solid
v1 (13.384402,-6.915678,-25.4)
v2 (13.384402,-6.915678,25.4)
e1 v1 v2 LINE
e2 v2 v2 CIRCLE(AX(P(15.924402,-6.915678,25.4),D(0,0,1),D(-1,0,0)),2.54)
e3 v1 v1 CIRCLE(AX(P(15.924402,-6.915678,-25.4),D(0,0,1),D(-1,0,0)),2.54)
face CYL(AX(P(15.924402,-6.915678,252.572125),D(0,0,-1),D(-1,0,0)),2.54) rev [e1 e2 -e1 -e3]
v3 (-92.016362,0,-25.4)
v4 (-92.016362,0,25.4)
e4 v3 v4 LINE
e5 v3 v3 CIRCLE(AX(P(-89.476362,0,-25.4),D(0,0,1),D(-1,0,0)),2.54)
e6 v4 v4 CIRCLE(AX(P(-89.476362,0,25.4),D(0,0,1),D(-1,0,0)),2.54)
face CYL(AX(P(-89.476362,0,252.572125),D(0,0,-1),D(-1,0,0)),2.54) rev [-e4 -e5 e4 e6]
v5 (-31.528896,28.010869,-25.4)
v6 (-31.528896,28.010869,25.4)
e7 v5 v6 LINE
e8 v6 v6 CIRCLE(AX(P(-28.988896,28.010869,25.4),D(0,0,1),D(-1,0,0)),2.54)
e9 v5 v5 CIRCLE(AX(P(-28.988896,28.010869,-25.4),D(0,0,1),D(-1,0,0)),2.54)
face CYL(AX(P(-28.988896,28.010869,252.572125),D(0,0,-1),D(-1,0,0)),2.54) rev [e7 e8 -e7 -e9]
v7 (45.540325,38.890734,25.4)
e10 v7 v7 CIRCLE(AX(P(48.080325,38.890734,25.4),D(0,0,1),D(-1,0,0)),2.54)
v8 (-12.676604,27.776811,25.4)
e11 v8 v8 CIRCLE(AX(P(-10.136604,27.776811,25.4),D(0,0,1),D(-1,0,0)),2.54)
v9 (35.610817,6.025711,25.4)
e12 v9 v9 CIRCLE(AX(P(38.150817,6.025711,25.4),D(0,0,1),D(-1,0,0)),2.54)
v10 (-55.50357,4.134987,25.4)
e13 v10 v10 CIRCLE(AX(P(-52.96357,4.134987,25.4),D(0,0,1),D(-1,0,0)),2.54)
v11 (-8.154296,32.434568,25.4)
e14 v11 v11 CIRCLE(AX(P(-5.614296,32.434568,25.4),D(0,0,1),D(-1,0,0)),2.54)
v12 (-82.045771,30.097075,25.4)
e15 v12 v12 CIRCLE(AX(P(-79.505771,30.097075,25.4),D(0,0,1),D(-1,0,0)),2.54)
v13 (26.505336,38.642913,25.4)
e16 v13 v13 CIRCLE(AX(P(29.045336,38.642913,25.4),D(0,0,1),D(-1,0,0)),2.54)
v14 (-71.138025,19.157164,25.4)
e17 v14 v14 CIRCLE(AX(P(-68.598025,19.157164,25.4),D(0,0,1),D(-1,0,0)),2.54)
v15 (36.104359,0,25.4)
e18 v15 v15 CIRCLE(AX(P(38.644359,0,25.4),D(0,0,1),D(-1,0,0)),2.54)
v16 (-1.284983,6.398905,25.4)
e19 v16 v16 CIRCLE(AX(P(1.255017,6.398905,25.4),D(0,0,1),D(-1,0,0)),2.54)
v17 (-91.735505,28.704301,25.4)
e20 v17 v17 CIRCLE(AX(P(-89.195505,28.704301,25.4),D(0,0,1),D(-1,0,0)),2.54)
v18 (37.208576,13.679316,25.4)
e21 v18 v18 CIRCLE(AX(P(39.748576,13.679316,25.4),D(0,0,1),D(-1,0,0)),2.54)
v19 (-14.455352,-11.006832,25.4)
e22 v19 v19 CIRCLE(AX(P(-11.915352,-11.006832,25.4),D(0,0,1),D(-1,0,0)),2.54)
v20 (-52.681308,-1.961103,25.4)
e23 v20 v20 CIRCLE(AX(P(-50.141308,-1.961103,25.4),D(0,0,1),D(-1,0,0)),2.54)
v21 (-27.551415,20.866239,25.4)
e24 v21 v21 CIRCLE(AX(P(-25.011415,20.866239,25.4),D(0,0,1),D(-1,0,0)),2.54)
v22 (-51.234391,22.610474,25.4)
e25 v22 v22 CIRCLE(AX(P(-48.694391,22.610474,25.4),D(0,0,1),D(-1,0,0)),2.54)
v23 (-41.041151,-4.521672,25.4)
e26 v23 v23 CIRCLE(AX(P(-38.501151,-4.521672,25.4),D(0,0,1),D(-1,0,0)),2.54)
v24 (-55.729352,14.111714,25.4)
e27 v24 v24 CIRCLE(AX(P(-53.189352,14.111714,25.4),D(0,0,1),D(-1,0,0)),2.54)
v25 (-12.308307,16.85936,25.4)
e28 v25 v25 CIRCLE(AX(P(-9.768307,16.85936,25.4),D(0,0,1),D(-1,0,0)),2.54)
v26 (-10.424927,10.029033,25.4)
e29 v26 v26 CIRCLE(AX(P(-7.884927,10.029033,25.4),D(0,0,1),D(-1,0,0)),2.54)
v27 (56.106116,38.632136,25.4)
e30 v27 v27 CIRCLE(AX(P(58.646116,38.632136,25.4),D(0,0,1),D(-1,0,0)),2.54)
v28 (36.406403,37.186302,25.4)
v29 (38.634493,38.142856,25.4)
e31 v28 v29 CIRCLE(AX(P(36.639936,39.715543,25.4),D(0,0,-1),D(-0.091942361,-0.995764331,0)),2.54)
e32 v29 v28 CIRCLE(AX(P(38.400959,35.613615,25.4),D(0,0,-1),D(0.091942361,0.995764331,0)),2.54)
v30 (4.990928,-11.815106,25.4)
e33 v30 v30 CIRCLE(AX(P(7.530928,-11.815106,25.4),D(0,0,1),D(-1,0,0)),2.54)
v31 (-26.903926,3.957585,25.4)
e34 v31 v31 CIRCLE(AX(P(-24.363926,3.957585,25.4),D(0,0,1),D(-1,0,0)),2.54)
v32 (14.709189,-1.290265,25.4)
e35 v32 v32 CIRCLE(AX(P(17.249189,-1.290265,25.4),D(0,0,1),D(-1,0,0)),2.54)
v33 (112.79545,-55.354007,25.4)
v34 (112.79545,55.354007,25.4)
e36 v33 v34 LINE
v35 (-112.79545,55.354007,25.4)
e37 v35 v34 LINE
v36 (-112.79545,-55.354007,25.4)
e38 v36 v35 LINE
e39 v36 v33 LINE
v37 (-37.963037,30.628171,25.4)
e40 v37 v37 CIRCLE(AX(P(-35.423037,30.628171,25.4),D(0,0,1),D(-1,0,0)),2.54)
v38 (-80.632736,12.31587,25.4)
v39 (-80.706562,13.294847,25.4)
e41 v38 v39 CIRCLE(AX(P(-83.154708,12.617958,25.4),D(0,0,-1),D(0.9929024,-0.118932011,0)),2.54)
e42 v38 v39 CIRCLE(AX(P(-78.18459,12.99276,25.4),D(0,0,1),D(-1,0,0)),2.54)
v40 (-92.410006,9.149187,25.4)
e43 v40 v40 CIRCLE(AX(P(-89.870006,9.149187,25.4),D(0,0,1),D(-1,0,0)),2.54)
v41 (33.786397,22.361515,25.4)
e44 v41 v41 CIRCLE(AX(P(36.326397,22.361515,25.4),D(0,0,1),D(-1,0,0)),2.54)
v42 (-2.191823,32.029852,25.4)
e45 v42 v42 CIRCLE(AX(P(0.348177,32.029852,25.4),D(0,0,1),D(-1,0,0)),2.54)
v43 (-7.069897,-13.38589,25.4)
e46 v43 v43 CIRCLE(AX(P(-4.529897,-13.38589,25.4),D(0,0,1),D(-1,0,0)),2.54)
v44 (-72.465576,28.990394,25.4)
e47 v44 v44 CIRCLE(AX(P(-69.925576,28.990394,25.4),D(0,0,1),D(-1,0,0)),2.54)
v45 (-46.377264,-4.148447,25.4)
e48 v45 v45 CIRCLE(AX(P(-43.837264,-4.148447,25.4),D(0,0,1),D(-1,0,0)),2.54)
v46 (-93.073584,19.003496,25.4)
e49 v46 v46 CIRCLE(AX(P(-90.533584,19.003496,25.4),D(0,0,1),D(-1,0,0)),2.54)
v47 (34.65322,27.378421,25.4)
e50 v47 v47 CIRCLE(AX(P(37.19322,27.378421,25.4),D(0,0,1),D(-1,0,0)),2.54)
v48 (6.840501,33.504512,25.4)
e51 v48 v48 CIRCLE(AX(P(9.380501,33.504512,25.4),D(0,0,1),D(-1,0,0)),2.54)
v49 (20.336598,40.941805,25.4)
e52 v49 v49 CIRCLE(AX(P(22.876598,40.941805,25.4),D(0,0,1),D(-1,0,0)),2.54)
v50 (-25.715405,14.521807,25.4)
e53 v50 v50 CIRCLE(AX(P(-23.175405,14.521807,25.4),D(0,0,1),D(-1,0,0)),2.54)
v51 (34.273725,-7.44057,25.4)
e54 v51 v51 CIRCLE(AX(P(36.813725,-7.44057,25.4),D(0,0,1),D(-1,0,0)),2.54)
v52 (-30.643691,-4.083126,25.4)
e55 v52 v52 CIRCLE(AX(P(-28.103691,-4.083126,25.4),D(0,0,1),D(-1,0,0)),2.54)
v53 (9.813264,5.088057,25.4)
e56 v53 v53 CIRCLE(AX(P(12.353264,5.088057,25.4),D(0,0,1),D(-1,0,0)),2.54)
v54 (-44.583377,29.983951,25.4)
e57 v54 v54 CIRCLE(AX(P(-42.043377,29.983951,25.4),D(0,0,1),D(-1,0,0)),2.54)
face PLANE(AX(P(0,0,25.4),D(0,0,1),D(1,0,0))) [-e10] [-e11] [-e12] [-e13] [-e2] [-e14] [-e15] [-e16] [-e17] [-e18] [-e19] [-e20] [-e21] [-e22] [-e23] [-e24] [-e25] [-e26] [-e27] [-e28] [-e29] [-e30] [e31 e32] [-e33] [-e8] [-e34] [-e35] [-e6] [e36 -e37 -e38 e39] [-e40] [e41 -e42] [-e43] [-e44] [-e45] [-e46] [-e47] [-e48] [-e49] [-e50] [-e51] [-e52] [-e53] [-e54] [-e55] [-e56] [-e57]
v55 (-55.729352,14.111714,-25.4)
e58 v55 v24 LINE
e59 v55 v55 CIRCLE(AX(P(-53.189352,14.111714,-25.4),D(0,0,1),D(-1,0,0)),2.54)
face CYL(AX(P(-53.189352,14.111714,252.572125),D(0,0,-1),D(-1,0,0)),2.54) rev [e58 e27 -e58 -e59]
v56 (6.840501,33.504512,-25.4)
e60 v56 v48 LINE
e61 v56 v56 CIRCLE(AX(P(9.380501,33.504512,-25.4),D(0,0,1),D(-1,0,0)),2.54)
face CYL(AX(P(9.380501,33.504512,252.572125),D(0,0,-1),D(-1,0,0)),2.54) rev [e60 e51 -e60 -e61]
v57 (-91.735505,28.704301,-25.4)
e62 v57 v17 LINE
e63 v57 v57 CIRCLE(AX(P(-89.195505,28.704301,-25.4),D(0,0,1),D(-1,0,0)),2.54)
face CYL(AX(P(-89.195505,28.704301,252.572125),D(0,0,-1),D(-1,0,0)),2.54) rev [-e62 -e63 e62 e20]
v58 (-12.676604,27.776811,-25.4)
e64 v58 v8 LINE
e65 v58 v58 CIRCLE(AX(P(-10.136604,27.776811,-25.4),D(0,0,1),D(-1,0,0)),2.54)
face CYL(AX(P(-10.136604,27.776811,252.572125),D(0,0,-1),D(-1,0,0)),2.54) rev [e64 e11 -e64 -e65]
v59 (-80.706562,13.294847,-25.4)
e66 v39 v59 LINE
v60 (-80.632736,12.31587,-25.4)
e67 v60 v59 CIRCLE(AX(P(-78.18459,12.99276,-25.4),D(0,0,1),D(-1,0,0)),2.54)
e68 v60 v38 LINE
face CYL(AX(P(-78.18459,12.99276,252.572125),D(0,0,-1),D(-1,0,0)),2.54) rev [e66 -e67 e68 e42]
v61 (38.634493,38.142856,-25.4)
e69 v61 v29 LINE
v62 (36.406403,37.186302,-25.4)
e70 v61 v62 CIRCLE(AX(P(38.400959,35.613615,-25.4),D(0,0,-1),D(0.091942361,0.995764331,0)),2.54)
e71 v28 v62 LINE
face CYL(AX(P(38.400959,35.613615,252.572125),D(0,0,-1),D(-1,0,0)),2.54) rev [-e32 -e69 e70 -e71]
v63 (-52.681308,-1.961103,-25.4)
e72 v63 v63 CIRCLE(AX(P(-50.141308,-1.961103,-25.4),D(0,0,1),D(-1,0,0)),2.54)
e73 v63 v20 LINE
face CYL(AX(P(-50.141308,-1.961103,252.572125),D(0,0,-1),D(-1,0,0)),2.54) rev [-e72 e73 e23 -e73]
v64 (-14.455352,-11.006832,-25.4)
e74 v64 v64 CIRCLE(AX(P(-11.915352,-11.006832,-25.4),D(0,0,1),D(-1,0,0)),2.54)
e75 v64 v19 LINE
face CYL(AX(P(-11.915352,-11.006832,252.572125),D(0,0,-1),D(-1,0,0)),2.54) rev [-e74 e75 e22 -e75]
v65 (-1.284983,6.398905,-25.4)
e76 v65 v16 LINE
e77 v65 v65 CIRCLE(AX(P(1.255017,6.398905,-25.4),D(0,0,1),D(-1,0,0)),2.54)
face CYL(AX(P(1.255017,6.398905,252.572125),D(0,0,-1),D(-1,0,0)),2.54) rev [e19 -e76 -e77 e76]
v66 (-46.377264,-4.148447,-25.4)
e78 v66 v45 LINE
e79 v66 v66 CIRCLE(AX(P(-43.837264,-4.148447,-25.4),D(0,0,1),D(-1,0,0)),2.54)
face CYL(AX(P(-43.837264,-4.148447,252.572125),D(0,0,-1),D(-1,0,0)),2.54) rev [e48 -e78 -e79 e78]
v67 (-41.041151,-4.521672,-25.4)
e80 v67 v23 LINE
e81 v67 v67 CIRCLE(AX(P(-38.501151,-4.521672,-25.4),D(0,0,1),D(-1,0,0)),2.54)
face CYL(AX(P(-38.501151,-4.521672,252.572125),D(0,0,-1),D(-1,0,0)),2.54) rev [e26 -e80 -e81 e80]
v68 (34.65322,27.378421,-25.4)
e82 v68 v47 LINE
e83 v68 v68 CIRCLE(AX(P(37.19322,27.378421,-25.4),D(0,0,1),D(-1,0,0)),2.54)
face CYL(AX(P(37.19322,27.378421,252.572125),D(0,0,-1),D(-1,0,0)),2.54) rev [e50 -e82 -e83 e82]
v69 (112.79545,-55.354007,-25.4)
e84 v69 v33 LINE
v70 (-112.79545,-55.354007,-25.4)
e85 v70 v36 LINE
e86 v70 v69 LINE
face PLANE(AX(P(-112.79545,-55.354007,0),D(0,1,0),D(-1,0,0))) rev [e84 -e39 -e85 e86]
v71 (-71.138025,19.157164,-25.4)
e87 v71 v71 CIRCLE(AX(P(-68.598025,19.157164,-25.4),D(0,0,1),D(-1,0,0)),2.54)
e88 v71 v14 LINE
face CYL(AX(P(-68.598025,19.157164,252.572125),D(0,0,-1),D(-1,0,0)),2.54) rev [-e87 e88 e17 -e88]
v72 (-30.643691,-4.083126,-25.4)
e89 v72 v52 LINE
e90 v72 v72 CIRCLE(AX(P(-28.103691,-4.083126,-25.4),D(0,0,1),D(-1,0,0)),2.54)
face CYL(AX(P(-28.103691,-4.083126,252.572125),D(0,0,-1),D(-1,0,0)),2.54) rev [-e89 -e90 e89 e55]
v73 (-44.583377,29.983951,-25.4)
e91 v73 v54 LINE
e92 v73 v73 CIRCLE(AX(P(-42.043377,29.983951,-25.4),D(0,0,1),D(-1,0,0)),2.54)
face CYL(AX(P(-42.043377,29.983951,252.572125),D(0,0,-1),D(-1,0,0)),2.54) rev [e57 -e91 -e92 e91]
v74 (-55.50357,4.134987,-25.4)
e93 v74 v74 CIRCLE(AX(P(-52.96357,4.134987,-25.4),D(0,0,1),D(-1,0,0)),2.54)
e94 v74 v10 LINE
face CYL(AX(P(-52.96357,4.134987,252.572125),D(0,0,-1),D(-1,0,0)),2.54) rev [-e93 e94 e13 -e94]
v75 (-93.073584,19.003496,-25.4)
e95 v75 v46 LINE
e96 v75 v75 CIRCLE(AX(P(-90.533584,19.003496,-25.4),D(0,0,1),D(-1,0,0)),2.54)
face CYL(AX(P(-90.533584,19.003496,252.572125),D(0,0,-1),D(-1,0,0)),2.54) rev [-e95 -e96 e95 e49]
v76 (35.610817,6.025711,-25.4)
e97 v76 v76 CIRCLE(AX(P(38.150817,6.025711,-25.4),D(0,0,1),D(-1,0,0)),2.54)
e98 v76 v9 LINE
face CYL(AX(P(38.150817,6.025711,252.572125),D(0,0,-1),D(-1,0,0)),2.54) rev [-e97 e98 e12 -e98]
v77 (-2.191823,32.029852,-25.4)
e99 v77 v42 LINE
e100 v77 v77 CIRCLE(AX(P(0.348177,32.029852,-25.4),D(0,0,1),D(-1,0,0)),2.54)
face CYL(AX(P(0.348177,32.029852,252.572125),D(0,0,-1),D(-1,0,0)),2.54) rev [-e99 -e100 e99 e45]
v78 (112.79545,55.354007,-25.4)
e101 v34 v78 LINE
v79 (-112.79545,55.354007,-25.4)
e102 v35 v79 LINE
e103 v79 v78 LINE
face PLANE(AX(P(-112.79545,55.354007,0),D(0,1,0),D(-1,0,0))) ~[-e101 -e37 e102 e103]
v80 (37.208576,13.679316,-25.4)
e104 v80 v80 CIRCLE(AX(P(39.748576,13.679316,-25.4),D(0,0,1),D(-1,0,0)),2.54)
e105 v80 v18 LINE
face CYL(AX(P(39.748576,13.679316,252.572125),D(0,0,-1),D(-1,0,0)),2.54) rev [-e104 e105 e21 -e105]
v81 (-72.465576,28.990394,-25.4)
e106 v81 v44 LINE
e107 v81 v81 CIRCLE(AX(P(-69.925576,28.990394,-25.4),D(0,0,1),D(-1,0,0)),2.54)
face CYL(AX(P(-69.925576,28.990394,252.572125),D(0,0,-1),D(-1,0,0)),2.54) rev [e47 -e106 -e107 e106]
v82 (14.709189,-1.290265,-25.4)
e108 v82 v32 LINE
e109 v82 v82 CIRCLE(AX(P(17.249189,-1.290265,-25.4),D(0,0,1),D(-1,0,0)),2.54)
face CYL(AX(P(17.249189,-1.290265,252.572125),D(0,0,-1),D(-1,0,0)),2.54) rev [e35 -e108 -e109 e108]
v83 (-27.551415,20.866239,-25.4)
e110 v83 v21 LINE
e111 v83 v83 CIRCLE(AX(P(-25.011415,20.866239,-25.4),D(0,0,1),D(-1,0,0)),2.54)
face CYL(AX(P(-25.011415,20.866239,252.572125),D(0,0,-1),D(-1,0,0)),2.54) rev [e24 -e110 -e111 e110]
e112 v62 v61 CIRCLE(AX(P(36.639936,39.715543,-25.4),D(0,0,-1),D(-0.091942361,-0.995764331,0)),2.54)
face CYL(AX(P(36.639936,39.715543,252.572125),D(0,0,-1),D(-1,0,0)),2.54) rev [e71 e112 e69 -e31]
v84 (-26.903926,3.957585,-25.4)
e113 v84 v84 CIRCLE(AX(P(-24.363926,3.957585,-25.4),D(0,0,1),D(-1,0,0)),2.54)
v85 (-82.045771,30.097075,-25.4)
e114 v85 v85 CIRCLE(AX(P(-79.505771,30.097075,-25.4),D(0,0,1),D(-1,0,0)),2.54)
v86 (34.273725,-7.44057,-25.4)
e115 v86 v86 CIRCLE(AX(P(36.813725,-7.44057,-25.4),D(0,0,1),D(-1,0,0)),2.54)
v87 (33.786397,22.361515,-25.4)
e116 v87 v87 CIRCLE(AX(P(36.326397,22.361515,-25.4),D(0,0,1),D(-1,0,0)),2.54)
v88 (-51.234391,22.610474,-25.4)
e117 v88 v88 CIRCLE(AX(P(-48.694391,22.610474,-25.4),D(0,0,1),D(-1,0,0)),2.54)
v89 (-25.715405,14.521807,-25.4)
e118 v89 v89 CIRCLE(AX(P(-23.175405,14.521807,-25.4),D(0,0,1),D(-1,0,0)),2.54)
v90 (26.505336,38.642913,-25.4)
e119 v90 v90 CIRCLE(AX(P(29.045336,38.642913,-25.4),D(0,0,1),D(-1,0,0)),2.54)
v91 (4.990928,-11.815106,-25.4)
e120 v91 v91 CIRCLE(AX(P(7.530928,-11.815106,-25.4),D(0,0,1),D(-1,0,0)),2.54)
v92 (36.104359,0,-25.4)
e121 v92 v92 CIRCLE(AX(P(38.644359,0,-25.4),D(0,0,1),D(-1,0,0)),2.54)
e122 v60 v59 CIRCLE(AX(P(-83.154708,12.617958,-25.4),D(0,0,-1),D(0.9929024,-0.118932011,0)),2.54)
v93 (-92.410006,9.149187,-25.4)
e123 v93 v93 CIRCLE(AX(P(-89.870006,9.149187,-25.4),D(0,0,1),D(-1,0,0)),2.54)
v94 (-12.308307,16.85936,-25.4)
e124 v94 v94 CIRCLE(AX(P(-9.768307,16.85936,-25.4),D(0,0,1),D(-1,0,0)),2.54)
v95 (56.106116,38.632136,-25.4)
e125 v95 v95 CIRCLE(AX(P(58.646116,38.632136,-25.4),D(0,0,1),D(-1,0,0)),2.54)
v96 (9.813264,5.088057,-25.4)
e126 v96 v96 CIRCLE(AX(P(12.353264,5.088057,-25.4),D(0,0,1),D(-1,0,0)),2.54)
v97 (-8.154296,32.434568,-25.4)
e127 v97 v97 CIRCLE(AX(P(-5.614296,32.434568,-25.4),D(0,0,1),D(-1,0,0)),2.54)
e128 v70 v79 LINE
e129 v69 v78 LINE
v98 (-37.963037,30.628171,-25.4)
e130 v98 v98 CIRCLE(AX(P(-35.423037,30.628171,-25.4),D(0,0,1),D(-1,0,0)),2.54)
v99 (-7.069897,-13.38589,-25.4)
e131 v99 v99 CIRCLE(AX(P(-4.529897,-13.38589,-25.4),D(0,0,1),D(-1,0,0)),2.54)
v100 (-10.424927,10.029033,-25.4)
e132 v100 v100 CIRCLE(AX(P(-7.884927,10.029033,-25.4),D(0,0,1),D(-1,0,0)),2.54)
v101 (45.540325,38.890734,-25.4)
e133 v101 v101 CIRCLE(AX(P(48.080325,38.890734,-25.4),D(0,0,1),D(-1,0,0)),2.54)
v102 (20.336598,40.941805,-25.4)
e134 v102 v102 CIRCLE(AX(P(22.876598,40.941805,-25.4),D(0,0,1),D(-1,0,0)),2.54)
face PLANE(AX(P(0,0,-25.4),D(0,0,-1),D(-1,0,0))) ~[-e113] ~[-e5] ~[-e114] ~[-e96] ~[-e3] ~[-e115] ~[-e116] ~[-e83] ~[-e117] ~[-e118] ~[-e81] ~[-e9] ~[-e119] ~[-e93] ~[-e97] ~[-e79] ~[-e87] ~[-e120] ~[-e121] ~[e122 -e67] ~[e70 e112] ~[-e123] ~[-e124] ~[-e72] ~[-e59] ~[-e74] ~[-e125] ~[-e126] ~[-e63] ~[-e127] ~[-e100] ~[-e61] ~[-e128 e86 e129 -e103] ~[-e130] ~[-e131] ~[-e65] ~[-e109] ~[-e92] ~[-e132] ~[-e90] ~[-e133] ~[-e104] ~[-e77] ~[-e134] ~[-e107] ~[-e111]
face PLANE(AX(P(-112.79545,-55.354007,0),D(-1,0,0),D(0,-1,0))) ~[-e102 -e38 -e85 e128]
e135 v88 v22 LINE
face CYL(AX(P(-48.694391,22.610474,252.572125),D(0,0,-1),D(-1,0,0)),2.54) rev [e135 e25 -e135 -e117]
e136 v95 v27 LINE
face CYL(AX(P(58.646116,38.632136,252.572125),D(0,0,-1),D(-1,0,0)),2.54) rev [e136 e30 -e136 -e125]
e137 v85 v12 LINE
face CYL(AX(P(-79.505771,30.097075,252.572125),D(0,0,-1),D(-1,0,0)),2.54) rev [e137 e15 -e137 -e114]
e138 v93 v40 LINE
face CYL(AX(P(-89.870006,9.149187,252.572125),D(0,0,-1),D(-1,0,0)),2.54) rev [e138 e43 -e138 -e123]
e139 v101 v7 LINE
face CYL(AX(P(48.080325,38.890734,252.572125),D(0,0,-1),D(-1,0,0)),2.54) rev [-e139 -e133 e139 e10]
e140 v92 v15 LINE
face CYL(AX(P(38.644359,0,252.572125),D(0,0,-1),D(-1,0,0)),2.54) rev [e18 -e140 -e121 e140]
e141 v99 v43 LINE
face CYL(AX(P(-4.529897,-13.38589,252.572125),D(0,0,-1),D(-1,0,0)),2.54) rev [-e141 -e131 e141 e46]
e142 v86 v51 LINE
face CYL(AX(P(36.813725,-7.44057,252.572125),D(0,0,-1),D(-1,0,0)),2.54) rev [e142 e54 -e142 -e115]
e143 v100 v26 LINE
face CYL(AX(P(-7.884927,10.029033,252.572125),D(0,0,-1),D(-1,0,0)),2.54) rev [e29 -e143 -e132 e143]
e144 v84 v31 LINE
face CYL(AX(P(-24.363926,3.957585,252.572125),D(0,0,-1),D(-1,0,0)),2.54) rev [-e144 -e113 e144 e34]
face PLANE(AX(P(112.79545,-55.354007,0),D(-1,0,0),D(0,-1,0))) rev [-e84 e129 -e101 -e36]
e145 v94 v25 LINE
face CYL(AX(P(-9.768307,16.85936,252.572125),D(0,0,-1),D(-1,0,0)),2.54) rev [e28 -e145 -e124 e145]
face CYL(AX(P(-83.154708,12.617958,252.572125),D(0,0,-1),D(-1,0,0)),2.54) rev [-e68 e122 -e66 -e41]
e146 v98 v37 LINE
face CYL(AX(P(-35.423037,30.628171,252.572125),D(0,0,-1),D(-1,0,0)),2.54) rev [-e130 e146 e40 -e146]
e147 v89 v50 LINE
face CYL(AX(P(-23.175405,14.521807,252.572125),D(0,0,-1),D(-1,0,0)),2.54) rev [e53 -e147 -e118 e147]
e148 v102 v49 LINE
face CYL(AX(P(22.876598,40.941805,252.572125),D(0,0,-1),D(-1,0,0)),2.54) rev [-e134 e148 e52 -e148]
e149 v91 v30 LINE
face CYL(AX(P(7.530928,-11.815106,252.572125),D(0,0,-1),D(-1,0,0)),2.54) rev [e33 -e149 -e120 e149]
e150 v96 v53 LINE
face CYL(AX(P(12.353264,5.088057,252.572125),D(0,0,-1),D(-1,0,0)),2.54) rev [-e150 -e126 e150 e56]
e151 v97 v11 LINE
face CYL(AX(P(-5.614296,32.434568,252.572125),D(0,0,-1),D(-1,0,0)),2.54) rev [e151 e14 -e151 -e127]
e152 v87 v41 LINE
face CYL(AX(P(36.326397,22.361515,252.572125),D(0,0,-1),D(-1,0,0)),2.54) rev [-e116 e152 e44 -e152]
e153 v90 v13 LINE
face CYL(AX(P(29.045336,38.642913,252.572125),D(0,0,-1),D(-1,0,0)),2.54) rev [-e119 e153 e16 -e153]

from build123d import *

# Parameters (mm, degrees)
F0_W       = 225.5908995867
F0_H       = 110.7080131769
F1_DEPTH   = 25.4
F4_D       = 5.08
F4_ON_F3_D = 5.08


with BuildPart() as f1:
    # F0 (on Top) → F1 (new body)
    with BuildSketch(Plane.XY):
        Rectangle(F0_W, F0_H)
    extrude(amount=F1_DEPTH)

    # F4 (through all)
    with Locations(Plane(origin=(0, 0, 0), x_dir=(1, 0, 0), z_dir=(0, 0, -1))):
        with Locations((-89.1955047846, -28.7043005228), (-79.5057713985, -30.0970748067), (-69.9255764484, -28.9903935045), (-68.5980245471, -19.1571637988), (-78.1845897436, -12.9927601665), (-83.154708147, -12.6179577783), (-90.5335843563, -19.003495574), (-89.870005846, -9.1491872445), (-89.4763618708, 0), (-35.4230366647, -30.6281708181), (-42.043376714, -29.9839507788), (-48.6943908036, -22.6104743779), (-53.1893521547, -14.1117144376), (-52.9635697603, -4.1349874809), (-50.1413084567, 1.9611027092), (-28.1036905944, 4.083125852), (-24.3639256805, -3.957584966), (-38.5011509061, 4.5216716826), (-43.8372641802, 4.1484474204), (1.2550167739, -6.3989050686), (-11.9153521955, 11.0068321228), (-4.5298971236, 13.3858900517), (7.5309276581, 11.8151064962), (17.2491893172, 1.2902654707), (15.9244015813, 6.9156782702), (12.3532637954, -5.088057369), (-7.884927094, -10.0290328264), (-23.1754053384, -14.5218074322), (-28.9888959378, -28.0108693987), (-25.011414662, -20.8662394434), (-9.768307209, -16.8593600392), (-10.1366043091, -27.7768112719), (22.8765979409, -40.9418046474), (29.0453359485, -38.6429131031), (36.6399362683, -39.7155433893), (48.0803251266, -38.8907343149), (58.6461164057, -38.6321358383), (9.3805007637, -33.504512161), (0.3481768072, -32.0298522711), (-5.6142956018, -32.4345678091), (38.4009592235, -35.6136150658)):
            Hole(F4_D / 2)

    # F4 on F3 (through all)
    with Locations(Plane(origin=(0, 0, 0), x_dir=(1, 0, 0), z_dir=(0, 0, -1))):
        with Locations((36.813724786, 7.4405698106), (38.6443585157, 0), (38.1508171558, -6.0257110745), (39.7485755384, -13.6793162674), (36.3263972104, -22.3615150899), (37.1932201087, -27.3784212768)):
            Hole(F4_ON_F3_D / 2)

    # F5: F1 across plane


with BuildPart() as f1_1:
    add(f1.part)
    add(f1.part.mirror(Plane.XY))


solid = f1_1.part
